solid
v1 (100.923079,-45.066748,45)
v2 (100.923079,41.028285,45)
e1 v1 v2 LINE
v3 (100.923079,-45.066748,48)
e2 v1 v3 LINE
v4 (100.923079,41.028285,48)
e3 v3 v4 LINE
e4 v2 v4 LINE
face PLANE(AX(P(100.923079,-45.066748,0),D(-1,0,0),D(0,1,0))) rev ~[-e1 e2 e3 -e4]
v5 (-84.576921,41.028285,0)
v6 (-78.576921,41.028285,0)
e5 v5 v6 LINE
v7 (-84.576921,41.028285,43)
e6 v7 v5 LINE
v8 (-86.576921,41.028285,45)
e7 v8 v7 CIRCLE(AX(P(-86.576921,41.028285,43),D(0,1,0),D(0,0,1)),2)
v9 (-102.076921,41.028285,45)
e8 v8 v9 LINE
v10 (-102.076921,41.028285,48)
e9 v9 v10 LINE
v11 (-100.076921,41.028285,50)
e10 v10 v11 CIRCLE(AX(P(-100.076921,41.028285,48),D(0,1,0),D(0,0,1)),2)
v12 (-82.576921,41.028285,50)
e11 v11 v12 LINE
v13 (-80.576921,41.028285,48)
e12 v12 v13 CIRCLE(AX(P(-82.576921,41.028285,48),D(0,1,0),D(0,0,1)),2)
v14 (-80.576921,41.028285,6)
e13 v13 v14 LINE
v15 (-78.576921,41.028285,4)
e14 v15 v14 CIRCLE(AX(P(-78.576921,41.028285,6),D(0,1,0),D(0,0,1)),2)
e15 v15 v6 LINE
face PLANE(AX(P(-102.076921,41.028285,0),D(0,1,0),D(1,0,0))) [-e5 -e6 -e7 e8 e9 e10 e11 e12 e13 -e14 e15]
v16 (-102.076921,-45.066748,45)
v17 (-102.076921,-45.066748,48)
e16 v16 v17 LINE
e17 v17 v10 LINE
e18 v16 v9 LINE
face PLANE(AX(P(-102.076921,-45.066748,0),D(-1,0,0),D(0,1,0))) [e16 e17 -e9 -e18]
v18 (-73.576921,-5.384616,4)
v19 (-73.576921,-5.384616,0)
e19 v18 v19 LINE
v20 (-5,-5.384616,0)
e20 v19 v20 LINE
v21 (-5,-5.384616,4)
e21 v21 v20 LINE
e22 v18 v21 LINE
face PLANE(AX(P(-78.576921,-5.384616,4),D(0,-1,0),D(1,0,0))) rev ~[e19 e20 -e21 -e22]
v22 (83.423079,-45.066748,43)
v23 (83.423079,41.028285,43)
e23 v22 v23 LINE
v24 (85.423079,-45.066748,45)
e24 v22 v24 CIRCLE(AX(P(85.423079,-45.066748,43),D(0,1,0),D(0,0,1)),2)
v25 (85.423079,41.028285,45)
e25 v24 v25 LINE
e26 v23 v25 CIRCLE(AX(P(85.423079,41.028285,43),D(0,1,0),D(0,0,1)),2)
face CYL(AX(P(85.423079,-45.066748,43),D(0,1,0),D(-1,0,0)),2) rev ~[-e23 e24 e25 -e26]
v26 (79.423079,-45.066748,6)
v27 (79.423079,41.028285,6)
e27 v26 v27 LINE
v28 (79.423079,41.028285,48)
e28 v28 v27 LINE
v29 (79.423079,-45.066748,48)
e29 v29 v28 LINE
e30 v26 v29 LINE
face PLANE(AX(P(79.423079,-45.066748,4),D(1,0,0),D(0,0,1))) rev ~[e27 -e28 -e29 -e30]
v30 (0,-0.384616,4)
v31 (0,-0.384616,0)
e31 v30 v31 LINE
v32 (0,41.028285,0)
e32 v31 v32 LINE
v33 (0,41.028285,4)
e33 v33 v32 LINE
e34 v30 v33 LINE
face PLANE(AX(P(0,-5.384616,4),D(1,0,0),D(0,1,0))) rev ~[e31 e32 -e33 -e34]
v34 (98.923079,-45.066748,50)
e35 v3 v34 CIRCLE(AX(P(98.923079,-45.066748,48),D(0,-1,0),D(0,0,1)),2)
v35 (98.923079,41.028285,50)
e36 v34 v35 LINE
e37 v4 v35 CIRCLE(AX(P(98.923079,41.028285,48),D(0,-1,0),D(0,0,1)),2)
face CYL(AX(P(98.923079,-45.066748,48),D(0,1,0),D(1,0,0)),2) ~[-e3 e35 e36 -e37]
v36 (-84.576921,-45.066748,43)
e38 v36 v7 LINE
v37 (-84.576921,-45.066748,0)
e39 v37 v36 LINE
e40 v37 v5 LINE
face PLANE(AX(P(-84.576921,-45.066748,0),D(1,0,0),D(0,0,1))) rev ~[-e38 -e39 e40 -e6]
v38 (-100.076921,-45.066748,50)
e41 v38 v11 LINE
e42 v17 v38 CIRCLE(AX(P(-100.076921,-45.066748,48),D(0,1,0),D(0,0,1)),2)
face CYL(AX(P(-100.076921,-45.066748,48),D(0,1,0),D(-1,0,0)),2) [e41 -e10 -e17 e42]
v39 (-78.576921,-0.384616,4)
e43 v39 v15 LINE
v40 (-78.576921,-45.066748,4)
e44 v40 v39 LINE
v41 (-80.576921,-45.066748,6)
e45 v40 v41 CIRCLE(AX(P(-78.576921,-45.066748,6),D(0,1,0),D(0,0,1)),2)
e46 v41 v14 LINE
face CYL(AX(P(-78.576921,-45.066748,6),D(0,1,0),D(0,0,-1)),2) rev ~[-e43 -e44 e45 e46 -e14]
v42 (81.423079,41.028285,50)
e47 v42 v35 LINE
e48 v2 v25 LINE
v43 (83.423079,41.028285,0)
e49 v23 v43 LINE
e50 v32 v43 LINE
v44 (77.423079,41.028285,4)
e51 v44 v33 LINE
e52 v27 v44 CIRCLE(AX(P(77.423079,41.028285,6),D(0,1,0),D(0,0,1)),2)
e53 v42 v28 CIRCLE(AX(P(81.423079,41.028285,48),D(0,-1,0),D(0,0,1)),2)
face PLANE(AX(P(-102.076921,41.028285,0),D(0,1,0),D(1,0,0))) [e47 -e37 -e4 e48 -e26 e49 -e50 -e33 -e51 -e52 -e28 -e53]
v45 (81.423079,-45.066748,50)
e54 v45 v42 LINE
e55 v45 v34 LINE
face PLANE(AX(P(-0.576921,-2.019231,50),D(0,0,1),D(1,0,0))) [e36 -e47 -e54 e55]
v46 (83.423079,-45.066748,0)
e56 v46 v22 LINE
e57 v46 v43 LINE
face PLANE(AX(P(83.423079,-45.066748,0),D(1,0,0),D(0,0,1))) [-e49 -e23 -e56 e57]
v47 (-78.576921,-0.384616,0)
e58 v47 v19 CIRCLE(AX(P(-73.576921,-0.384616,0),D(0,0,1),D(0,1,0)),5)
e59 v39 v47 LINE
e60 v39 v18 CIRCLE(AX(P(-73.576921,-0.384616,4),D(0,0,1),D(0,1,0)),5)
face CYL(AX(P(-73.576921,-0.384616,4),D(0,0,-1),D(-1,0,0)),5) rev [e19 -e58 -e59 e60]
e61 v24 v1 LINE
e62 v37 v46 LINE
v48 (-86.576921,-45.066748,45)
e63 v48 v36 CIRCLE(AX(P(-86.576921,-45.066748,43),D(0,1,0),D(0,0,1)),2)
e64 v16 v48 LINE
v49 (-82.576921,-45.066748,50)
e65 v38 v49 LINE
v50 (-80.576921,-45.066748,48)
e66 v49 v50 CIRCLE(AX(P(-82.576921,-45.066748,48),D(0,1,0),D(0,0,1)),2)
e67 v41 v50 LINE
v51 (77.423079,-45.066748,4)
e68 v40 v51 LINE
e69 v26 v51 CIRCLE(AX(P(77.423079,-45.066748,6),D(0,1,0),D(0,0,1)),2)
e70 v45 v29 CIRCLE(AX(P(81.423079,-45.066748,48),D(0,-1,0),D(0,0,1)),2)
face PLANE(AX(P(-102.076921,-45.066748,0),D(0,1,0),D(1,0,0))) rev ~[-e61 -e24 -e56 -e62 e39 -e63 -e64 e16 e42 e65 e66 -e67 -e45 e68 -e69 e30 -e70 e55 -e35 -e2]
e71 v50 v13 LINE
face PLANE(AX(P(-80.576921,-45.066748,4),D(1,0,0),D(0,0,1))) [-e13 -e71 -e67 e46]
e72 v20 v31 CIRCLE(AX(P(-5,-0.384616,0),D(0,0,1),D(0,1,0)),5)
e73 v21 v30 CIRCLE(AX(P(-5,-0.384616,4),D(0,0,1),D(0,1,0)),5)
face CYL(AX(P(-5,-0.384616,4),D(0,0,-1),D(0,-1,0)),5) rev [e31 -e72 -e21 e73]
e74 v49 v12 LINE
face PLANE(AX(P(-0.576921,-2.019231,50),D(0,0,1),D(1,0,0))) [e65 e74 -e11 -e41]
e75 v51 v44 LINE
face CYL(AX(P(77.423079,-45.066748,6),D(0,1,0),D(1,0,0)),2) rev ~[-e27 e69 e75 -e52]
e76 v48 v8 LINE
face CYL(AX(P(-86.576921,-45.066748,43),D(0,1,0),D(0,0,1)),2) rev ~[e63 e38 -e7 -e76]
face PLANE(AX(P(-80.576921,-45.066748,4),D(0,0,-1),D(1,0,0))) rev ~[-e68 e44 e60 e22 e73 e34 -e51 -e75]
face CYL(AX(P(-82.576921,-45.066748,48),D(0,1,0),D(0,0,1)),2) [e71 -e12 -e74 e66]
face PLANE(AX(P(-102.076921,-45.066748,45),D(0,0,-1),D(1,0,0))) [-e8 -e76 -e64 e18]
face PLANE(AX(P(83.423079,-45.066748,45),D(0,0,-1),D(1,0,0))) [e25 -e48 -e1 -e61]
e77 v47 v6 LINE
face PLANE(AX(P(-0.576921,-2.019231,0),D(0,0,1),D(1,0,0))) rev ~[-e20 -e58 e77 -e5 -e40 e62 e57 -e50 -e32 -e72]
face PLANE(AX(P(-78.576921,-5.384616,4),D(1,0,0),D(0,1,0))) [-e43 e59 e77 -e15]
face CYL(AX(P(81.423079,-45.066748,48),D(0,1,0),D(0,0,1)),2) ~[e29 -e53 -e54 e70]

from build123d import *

# Parameters (mm, degrees)
F0_W      = 203
F0_H      = 86.0950331151
F1_DEPTH  = 50
F2_W      = 17.5
F2_H      = 45
F3_DEPTH  = 86.0960331151
F4_W      = 17.5
F4_H      = 45
F5_DEPTH  = 86.0960331151
F6_W      = 160
F6_H      = 46
F7_DEPTH  = 86.0960331151
F8_R      = 2
F9_W      = 78.5769208074
F9_H      = 46.412901438
F10_DEPTH = 25
F11_R     = 5


with BuildPart() as f1:
    # F0 (on Top) → F1 (new body)
    with BuildSketch(Plane.XY):
        with Locations((-0.5769208074, -2.0192312077)):
            Rectangle(F0_W, F0_H)
    extrude(amount=F1_DEPTH)

    # F2 (on face) → F3 (cut, through all)
    with BuildSketch(Plane.XZ.offset(45.0667477652)):
        with Locations((-93.3269208074, 22.5)):
            Rectangle(F2_W, F2_H)
    extrude(amount=-F3_DEPTH, mode=Mode.SUBTRACT)

    # F4 (on face) → F5 (cut, through all)
    with BuildSketch(Plane.XZ.offset(45.0667477652)):
        with Locations((92.1730791926, 22.5)):
            Rectangle(F4_W, F4_H)
    extrude(amount=-F5_DEPTH, mode=Mode.SUBTRACT)

    # F6 (on face) → F7 (cut, through all)
    with BuildSketch(Plane.XZ.offset(45.0667477652)):
        with Locations((-0.5769208074, 27)):
            Rectangle(F6_W, F6_H)
    extrude(amount=-F7_DEPTH, mode=Mode.SUBTRACT)

    # F8
    f8_edges = [f1.edges().sort_by_distance(p)[0] for p in [
        (79.423079, -2.019231, 50),
        (-80.576921, -2.019231, 50),
        (-84.576921, -2.019231, 45),
        (83.423079, -2.019231, 45),
        (79.423079, -2.019231, 4),
        (-80.576921, -2.019231, 4),
        (100.923079, -2.019231, 50),
        (-102.076921, -2.019231, 50),
    ]]
    fillet(f8_edges, radius=F8_R)

    # F9 (on face) → F10 (cut)
    with BuildSketch(Plane.XY.offset(4)):
        with Locations((-39.2884604037, 17.8218346309)):
            Rectangle(F9_W, F9_H)
    extrude(amount=-F10_DEPTH, mode=Mode.SUBTRACT)

    # F11
    f11_edges = [f1.edges().sort_by_distance(p)[0] for p in [
        (0, -5.384616, 2),
        (-78.576921, -5.384616, 2),
    ]]
    fillet(f11_edges, radius=F11_R)


solid = f1.part
